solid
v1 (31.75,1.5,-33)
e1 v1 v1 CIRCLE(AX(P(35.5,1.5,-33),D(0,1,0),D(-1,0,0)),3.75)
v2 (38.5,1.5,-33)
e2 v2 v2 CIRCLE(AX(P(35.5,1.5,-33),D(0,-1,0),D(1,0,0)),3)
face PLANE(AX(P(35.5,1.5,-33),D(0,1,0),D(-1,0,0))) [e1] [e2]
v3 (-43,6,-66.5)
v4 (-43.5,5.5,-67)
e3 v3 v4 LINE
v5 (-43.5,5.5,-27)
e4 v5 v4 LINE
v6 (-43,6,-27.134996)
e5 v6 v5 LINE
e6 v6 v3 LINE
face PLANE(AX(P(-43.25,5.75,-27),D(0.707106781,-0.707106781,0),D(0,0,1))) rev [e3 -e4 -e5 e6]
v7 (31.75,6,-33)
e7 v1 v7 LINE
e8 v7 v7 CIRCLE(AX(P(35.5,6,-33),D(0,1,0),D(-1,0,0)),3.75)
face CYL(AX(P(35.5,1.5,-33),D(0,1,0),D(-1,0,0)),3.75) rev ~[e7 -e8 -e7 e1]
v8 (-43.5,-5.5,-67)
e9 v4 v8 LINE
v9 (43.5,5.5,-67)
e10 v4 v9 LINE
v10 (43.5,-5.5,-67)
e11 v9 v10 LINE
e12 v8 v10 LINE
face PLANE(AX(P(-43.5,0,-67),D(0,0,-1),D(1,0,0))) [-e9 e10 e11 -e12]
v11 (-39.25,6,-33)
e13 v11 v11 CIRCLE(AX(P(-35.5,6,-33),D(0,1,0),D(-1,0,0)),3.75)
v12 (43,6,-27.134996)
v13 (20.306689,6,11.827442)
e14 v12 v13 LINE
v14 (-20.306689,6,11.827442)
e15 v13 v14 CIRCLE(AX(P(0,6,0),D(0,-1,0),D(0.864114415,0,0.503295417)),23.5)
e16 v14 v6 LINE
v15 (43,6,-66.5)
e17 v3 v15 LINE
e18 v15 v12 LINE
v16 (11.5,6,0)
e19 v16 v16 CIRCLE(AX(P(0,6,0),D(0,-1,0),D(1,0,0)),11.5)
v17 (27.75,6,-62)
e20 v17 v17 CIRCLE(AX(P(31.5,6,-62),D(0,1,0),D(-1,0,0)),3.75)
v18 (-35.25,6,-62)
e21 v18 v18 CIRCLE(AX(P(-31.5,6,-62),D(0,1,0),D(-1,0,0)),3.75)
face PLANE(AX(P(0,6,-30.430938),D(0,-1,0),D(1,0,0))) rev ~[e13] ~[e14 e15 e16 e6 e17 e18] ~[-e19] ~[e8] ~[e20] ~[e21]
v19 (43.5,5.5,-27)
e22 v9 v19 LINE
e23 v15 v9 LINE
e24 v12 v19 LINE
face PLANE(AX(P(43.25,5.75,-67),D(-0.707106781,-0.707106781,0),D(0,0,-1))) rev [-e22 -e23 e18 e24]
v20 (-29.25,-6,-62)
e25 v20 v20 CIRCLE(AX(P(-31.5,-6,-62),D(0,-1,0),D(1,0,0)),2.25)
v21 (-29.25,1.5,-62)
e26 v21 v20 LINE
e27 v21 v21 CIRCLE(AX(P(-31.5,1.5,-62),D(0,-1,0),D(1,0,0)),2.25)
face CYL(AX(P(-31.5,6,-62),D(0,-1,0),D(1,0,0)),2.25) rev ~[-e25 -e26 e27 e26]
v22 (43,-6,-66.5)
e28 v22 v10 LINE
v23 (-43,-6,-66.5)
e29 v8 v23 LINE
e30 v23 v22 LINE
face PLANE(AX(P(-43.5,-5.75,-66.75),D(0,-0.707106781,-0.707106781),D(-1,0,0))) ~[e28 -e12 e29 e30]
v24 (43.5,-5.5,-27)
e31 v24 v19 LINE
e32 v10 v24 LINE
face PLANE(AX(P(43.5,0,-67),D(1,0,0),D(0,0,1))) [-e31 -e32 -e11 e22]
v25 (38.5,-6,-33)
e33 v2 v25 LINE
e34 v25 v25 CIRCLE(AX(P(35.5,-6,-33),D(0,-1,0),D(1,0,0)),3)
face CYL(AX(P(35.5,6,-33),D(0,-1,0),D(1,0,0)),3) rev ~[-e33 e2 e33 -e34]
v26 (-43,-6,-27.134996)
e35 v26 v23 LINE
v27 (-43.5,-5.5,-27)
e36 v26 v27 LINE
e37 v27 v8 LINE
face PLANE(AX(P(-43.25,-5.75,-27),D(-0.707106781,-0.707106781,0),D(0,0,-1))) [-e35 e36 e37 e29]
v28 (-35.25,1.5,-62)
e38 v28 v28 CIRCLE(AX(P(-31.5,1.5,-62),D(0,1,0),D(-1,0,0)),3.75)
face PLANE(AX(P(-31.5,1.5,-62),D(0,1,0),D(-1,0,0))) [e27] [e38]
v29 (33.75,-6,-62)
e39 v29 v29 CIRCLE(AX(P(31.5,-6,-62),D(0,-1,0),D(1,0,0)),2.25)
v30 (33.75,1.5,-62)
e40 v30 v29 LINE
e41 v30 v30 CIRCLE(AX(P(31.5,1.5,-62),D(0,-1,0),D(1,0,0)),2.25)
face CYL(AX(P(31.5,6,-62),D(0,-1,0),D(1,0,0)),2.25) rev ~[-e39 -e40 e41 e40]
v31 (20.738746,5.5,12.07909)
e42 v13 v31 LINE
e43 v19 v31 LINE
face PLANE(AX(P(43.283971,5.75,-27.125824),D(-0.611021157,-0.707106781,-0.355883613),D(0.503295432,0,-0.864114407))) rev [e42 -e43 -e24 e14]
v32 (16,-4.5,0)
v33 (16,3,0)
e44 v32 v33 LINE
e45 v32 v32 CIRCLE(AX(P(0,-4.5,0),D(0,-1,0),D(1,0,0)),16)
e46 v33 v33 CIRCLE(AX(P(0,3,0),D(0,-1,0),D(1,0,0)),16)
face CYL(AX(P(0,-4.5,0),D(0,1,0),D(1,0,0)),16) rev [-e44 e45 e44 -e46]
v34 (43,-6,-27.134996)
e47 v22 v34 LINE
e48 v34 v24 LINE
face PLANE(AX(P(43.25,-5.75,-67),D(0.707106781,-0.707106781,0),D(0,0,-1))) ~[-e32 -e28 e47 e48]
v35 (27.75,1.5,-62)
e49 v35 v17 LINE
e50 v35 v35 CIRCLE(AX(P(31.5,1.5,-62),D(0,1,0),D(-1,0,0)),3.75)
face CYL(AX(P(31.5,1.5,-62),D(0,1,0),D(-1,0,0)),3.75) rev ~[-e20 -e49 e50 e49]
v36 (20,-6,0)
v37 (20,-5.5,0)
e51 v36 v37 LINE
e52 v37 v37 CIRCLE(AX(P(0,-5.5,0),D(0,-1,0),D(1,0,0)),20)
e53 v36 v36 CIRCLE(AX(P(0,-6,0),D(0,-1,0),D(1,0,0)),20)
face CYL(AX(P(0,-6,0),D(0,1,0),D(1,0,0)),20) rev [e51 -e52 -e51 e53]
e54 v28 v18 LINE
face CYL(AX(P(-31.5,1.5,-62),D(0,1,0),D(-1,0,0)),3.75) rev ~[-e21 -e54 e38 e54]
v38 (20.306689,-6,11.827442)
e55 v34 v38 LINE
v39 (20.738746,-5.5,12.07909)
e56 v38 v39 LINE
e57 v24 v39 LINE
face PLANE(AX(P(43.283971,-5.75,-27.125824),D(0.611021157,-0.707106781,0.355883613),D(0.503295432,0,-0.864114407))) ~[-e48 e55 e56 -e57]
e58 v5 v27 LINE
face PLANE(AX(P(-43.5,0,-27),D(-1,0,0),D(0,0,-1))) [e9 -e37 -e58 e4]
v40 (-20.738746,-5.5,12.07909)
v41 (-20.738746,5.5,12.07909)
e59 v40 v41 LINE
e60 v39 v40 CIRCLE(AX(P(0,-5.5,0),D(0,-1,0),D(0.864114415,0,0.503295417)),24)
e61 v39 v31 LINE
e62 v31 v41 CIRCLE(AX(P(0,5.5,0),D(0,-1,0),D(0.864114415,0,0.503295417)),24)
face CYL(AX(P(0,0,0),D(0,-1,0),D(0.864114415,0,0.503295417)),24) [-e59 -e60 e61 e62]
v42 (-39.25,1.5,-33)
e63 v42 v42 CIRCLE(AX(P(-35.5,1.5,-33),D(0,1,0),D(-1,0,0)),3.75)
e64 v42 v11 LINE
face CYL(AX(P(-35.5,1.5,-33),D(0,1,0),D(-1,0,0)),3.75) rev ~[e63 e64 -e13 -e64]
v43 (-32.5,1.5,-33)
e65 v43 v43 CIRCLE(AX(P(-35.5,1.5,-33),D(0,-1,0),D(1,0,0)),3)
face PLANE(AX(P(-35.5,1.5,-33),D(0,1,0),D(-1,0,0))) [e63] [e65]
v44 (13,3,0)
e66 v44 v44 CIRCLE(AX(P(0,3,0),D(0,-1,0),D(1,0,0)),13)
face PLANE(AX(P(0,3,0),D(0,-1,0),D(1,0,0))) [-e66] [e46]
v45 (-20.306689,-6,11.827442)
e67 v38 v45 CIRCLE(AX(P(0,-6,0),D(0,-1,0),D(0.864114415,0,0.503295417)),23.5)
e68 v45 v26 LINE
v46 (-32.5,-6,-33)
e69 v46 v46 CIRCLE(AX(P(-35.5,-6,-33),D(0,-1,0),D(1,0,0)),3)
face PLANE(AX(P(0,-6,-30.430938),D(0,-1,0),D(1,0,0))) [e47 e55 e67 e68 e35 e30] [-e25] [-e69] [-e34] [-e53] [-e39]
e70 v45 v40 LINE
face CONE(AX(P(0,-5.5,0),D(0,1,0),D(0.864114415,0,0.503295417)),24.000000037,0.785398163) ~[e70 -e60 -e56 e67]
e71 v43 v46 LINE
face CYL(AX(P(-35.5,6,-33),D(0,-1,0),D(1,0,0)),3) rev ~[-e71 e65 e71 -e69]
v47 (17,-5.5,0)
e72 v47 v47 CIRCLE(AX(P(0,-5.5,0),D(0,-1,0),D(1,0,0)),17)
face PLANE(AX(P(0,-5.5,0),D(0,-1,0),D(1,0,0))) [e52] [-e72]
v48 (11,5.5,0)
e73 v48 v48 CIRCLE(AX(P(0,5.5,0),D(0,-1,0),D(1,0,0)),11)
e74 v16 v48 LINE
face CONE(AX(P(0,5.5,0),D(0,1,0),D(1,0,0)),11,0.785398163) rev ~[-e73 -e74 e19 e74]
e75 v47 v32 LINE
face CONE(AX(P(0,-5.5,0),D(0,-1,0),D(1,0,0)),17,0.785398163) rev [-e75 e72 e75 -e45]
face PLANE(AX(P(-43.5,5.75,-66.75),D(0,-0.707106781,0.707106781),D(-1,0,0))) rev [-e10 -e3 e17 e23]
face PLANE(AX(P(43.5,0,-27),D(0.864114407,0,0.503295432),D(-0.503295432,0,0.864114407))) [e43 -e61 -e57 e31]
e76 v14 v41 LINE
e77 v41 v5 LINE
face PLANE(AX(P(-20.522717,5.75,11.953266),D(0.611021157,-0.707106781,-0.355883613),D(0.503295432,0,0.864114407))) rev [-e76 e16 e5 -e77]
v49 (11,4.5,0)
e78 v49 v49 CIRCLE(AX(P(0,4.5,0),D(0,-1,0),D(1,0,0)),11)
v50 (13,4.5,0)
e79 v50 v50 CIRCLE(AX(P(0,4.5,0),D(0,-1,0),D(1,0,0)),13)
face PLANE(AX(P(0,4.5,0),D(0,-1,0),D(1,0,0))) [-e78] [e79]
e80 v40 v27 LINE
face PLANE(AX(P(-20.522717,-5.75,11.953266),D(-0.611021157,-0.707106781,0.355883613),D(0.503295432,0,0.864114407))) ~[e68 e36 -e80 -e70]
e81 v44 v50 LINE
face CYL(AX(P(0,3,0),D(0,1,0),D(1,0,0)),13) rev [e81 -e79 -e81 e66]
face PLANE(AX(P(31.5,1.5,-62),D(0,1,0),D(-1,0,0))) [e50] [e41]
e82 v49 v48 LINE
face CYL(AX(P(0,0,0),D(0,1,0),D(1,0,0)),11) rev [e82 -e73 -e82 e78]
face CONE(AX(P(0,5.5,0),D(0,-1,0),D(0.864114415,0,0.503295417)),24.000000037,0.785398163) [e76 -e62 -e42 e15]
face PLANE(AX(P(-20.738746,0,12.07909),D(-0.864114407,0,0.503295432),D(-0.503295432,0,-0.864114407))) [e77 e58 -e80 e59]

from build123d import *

# Parameters (mm, degrees)
F0_R           = 11
F1_DEPTH       = 6
F3_D           = 6
F3_DEPTH       = 18
F3_CBORE_D     = 7.5
F3_CBORE_DEPTH = 4.5
F4_D           = 4.5
F4_DEPTH       = 18
F4_CBORE_D     = 7.5
F4_CBORE_DEPTH = 4.5
F5_W           = 11
F5_H           = 1.5
F7_SIZE        = 0.5


with BuildPart() as f1:
    # F0 (on Front) → F1 (new body, symmetric)
    with BuildSketch(Plane.XZ):
        with BuildLine():
            Line((-20.738746, 12.07909), (-43.5, -27))
            Line((-43.5, -27), (-43.5, -67))
            Line((-43.5, -67), (43.5, -67))
            Line((43.5, -67), (43.5, -27))
            Line((43.5, -27), (20.738746, 12.07909))
            ThreePointArc((20.738746, 12.07909), (0, 24), (-20.738746, 12.07909))
        make_face()
        Circle(F0_R, mode=Mode.SUBTRACT)
    extrude(amount=F1_DEPTH, both=True)

    # F3
    with Locations(Plane(origin=(0, 6, 0), x_dir=(-1, 0, 0), z_dir=(0, 1, 0))):
        with Locations((-35.5, -33), (35.5, -33)):
            CounterBoreHole(F3_D / 2, F3_CBORE_D / 2, F3_CBORE_DEPTH, depth=F3_DEPTH)

    # F4
    with Locations(Plane(origin=(0, 6, 0), x_dir=(-1, 0, 0), z_dir=(0, 1, 0))):
        with Locations((-31.5, -62), (31.5, -62)):
            CounterBoreHole(F4_D / 2, F4_CBORE_D / 2, F4_CBORE_DEPTH, depth=F4_DEPTH)

    # F5 (on Top) → F6 (revolve, cut)
    with BuildSketch(Plane.XY):
        with Locations((5.5, 5.25)):
            Rectangle(F5_W, F5_H)
        Polygon((13, 4.5), (11, 4.5), (0, 4.5), (0, 3), (13, 3), align=None)
        Polygon((13, 3), (0, 3), (0, -4.5), (16, -4.5), (16, 3), align=None)
        Polygon((16, -4.5), (0, -4.5), (0, -5.5), (17, -5.5), align=None)
        Polygon((17, -5.5), (0, -5.5), (0, -6), (20, -6), (20, -5.5), align=None)
    revolve(axis=Axis((0, 3.886208, 0), (0, -1, 0)), mode=Mode.SUBTRACT)

    # F7
    f7_edges = [f1.edges().sort_by_distance(p)[0] for p in [
        (-11, 6, 0),
        (32.119373, 6, -7.460455),
        (0, 6, 24),
        (43.5, 6, -47),
        (0, 6, -67),
        (-43.5, 6, -47),
        (-32.119373, 6, -7.460455),
        (0, -6, 24),
        (32.119373, -6, -7.460455),
        (-32.119373, -6, -7.460455),
        (-43.5, -6, -47),
        (43.5, -6, -47),
        (0, -6, -67),
    ]]
    chamfer(f7_edges, length=F7_SIZE)


solid = f1.part
